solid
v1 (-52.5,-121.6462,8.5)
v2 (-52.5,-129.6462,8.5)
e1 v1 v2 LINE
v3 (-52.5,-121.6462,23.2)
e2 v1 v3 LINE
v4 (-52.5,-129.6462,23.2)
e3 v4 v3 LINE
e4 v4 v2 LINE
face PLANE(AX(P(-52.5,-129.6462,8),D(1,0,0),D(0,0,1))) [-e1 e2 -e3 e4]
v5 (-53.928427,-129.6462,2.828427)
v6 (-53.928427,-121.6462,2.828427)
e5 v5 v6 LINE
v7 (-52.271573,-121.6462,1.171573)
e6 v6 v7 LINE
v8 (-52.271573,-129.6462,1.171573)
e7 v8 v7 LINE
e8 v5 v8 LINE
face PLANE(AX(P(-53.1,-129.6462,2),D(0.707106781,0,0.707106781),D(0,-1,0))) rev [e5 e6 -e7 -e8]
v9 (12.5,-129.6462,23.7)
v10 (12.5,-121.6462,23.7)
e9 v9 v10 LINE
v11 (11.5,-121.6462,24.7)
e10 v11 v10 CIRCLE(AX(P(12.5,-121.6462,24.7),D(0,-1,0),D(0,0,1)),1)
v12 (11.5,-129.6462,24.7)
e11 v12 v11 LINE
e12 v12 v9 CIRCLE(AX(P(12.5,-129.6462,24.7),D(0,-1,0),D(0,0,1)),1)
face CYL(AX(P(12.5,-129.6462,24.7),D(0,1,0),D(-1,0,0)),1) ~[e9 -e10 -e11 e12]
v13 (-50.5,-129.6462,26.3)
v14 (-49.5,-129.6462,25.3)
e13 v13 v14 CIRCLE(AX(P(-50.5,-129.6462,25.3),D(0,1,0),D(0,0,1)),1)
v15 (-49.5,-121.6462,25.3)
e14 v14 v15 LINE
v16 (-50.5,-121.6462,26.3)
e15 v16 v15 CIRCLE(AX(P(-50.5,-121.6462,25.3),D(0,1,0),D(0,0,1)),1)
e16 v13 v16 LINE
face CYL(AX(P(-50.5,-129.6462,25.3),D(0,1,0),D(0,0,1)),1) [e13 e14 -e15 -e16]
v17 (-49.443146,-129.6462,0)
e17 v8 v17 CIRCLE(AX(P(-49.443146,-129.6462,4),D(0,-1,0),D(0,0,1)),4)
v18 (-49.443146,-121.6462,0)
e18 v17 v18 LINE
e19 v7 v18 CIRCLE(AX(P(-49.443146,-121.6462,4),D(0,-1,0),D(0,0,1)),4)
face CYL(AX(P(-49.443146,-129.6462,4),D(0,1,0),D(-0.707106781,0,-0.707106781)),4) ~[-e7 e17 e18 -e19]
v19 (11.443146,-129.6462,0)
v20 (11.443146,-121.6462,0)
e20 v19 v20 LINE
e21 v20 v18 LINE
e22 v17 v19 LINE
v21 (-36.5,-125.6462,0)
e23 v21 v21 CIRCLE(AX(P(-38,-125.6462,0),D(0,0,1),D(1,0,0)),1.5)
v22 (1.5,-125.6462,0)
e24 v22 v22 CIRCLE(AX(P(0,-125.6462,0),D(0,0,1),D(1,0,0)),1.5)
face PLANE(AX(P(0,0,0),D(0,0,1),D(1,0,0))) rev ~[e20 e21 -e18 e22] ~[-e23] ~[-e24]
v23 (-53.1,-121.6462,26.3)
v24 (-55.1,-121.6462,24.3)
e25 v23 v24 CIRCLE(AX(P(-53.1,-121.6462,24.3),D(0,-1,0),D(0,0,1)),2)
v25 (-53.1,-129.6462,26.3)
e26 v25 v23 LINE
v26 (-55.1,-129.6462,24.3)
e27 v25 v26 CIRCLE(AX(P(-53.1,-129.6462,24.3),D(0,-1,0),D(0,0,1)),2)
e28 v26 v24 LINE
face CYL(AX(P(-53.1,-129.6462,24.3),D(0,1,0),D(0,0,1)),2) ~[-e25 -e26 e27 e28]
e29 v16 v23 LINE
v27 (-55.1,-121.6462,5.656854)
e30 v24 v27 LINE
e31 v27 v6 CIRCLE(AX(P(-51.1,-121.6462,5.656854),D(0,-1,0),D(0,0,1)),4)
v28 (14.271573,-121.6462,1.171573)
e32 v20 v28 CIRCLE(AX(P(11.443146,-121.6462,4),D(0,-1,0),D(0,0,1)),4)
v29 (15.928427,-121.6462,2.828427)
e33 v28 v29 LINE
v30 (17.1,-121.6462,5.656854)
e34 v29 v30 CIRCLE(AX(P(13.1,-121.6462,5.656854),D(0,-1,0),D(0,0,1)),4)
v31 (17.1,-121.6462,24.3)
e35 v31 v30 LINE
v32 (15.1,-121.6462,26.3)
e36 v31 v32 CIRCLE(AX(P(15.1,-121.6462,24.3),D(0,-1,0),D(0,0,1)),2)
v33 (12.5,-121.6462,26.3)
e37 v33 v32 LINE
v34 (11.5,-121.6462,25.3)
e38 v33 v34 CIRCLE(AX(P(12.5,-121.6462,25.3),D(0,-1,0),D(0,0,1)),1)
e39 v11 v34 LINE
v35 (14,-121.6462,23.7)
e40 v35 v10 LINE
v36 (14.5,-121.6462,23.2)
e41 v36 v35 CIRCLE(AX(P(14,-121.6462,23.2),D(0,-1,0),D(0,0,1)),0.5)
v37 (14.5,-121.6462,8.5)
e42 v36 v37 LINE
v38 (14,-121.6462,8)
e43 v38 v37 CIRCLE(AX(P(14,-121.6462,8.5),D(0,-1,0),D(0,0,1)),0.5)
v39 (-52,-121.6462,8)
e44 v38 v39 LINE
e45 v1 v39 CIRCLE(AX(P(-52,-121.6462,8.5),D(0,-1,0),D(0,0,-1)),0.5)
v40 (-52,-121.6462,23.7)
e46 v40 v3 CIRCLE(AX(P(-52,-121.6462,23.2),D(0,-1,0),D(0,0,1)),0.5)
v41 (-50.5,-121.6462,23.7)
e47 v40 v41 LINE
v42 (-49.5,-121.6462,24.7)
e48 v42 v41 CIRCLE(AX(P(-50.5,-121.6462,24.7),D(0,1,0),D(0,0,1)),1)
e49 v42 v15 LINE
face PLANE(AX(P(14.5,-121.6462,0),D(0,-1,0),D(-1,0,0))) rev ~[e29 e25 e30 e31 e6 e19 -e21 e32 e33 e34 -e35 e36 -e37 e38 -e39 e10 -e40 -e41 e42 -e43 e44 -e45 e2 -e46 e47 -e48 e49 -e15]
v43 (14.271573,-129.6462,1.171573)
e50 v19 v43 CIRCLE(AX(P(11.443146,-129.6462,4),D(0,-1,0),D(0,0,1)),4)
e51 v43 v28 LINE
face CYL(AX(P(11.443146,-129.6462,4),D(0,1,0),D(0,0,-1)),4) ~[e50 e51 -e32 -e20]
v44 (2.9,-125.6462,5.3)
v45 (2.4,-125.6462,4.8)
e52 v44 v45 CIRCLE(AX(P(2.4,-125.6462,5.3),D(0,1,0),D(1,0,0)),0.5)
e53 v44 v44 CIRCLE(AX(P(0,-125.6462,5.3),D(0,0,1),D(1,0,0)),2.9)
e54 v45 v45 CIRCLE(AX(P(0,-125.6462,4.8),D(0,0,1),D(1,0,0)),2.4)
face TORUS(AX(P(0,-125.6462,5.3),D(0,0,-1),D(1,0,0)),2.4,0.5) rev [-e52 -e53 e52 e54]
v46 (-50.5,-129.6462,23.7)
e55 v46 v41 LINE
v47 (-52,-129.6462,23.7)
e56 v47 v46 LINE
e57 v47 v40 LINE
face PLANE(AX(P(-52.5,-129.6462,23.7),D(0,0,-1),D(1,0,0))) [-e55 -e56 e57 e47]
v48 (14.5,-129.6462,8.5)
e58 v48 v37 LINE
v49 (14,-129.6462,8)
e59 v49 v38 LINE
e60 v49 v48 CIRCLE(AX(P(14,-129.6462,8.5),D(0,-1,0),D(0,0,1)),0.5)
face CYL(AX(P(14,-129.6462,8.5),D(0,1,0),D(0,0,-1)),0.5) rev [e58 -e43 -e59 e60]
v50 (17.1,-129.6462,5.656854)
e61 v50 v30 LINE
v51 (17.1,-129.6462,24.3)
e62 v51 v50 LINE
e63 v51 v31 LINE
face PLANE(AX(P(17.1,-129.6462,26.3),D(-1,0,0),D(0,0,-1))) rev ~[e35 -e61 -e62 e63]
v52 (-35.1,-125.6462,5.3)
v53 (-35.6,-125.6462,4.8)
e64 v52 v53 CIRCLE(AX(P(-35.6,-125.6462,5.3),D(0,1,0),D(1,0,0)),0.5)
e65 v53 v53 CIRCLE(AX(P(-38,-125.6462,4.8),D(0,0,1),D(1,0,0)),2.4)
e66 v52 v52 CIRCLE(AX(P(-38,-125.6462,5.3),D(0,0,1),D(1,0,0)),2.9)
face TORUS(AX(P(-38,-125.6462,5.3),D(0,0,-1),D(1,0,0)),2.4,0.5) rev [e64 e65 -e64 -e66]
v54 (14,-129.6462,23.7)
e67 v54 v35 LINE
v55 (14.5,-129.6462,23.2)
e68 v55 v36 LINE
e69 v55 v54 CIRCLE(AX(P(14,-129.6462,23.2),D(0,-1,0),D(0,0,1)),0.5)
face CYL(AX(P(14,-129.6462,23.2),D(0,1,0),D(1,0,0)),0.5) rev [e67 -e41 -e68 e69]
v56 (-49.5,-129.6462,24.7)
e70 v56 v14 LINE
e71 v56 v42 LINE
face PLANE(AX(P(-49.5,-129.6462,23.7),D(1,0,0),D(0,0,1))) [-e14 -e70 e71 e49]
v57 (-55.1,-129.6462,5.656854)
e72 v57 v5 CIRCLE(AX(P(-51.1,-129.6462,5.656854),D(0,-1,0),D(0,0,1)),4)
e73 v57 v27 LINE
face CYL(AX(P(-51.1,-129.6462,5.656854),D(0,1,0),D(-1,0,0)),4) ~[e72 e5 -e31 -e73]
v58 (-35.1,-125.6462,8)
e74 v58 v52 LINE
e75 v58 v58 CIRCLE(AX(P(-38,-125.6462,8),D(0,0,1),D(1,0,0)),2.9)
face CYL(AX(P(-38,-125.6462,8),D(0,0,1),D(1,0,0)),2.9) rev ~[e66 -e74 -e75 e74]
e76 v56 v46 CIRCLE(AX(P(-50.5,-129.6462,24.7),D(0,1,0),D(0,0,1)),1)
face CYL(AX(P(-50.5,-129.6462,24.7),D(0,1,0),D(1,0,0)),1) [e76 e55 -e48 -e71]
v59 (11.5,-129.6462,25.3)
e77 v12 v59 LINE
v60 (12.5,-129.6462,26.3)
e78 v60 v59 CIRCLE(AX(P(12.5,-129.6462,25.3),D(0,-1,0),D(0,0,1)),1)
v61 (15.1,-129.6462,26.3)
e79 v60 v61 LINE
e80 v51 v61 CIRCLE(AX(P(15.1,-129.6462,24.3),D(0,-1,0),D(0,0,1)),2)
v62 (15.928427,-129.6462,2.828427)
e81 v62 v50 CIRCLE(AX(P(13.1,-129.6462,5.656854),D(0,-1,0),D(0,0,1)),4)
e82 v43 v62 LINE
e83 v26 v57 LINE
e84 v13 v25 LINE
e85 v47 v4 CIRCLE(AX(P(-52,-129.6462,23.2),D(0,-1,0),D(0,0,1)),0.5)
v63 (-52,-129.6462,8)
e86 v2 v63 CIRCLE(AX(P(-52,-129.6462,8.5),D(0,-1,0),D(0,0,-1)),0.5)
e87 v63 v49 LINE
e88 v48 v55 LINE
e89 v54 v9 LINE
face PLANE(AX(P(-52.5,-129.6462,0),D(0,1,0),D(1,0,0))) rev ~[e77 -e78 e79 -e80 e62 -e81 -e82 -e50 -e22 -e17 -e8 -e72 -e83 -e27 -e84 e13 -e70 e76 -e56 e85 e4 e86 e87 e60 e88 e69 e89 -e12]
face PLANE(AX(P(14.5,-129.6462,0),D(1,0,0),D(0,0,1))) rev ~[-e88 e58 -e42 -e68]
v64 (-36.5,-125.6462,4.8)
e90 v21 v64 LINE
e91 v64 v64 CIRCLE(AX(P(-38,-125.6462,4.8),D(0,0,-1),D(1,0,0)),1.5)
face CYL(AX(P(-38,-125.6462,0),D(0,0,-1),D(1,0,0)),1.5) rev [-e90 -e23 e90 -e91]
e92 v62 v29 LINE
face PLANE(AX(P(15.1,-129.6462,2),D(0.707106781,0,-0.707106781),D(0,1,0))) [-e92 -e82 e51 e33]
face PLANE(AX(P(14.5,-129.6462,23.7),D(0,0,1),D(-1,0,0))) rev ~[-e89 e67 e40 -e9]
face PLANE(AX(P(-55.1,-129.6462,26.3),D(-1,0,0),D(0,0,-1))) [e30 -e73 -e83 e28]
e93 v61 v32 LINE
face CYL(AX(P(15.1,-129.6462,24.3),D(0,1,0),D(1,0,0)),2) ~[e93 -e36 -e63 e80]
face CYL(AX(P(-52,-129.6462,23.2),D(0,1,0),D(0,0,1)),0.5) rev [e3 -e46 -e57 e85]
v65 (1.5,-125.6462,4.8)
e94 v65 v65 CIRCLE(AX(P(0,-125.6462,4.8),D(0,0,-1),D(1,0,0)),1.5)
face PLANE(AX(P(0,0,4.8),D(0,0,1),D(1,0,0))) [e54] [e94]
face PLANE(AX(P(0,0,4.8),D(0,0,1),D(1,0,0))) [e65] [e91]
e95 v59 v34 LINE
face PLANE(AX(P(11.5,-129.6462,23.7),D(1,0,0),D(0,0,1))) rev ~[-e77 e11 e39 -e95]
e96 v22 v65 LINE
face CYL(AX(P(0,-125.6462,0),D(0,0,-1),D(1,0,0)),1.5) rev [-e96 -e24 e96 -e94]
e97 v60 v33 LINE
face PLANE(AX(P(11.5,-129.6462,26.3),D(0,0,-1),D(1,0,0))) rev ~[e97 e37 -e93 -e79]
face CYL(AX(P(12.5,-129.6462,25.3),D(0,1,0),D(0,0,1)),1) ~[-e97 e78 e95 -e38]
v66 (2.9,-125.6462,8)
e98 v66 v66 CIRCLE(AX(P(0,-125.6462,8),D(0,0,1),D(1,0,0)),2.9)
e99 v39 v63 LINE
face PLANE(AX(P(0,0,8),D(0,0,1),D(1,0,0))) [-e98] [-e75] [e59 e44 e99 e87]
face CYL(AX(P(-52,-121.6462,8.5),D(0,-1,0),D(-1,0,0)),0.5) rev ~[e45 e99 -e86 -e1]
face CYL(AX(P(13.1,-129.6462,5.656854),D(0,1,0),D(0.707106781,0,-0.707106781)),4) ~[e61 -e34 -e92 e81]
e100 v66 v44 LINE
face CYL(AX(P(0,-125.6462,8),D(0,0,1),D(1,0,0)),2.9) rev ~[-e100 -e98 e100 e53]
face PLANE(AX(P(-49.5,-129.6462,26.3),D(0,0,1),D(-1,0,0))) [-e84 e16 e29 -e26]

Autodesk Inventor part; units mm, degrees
ref_plane "YZ Plane" through (0, 0, 0) normal (1, 0, 0) x (0, 1, 0)
ref_plane "XZ Plane" through (0, 0, 0) normal (0, 1, 0) x (-1, 0, 0)
ref_plane "Work Plane1" through (0, 0, 0) normal (0, 0, 1) x (1, 0, 0)
sketch "base_sketch" plane through (0, 0, 0) normal (0, 0, 1) x (1, 0, 0)
  circle A0 centre (0, -125.6462) radius 1.5 projected
  circle A1 centre (-38, -125.6462) radius 1.5 projected
  line L0 (14.5, -121.6462) -> (-52.5, -121.6462)
  line L1 (-52.5, -121.6462) -> (-52.5, -129.6462)
  line L2 (-52.5, -129.6462) -> (14.5, -129.6462)
  line L3 (14.5, -129.6462) -> (14.5, -121.6462)
  line L4 (-19, -121.6462) -> (-19, -129.6462) construction
  point P0 (0, 0)
  dimension "d1" = 67
  dimension "d4" = 38
  dimension "d5" = 19
  dimension "d6" = 4
  dimension "d7" = 4
extrude "base" add sketch "base_sketch" along normal blind 8
sketch "holes_bolt_head_sketch" plane through (0, 0, 8) normal (0, 0, 1) x (1, 0, 0)
  circle A0 centre (0, -125.6462) radius 1.5 construction
  circle A1 centre (0, -125.6462) radius 2.9
  circle A2 centre (-38, -125.6462) radius 1.5 construction
  circle A3 centre (-38, -125.6462) radius 2.9
  point P0 (0, 0)
  dimension "d10" = 5.8
  dimension "d11" = 5.8
extrude "holes_bolt_head" cut sketch "holes_bolt_head_sketch" against normal blind 3.2
fillet "bolt_head_fillet" radius 0.5 2 edges at (-40.9, -125.6462, 4.8) (-2.9, -125.6462, 4.8)
sketch "walls_sketch" plane through (-52.5, -129.6462, 0) normal (0, -1, 0) x (1, 0, 0)
  line L0 (0, 0) -> (67, 0) projected
  line L1 (67, 0) -> (67, 8) projected
  line L2 (0, 8) -> (67, 8) projected
  line L3 (0, 0) -> (0, 8) projected
  line L4 (67, 8) -> (0, 8) projected
  line L5 (0, 8) -> (0, 23.7)
  line L6 (0, 23.7) -> (3, 23.7)
  line L7 (0, 23.7) -> (3, 23.7) construction
  line L8 (3, 23.7) -> (3, 26.3)
  line L9 (3, 26.3) -> (-2.6, 26.3)
  line L10 (-2.6, 26.3) -> (-2.6, 0)
  line L11 (0, 0) -> (67, 0) projected
  line L12 (-2.6, 0) -> (0, 0)
  line L13 (0, 0) -> (0, 8) projected
  line L14 (33.5, 8) -> (33.5, 0) construction
  line L15 (67, 8) -> (67, 23.7)
  line L16 (67, 23.7) -> (64, 23.7)
  line L17 (64, 23.7) -> (64, 26.3)
  line L18 (64, 26.3) -> (69.6, 26.3)
  line L19 (69.6, 26.3) -> (69.6, 0)
  line L20 (69.6, 0) -> (67, 0)
  point P0 (52.5, 0)
  dimension "d15" = 15.7
  dimension "d16" = 3
  dimension "d17" = 0
  dimension "d18" = 2.6
  dimension "d19" = 2.6
extrude "walls" add sketch "walls_sketch" against normal up to surface (8 mm away) contours L12 L10 L9 L8 L6 L5 L3 | L1 L15 L16 L17 L18 L19 L20
fillet "wall_top" radius 2 2 edges at (-55.1, -125.6462, 26.3) (17.1, -125.6462, 26.3)
fillet "wall_tooth" radius 1 4 edges at (-49.5, -125.6462, 26.3) (-49.5, -125.6462, 23.7) (11.5, -125.6462, 23.7) (11.5, -125.6462, 26.3)
chamfer "wall_bottom" distance 4 angle 45 2 edges at (17.1, -125.6462, 0) (-55.1, -125.6462, 0)
fillet "wall_bottom_fillet" radius 4 4 edges at (-55.1, -125.6462, 4) (17.1, -125.6462, 4) (13.1, -125.6462, 0) (-51.1, -125.6462, 0)
fillet "inside" radius 0.5 4 edges at (14.5, -125.6462, 8) (-52.5, -125.6462, 8) (-52.5, -125.6462, 23.7) (14.5, -125.6462, 23.7)
equation "\"d5\" = 0.5 * d4"
equation "\"d7\" = d6"
equation "\"d10\" = d11"
properties part number "mount_enclosure_coral_dev_board" material "ABS Plastic"
